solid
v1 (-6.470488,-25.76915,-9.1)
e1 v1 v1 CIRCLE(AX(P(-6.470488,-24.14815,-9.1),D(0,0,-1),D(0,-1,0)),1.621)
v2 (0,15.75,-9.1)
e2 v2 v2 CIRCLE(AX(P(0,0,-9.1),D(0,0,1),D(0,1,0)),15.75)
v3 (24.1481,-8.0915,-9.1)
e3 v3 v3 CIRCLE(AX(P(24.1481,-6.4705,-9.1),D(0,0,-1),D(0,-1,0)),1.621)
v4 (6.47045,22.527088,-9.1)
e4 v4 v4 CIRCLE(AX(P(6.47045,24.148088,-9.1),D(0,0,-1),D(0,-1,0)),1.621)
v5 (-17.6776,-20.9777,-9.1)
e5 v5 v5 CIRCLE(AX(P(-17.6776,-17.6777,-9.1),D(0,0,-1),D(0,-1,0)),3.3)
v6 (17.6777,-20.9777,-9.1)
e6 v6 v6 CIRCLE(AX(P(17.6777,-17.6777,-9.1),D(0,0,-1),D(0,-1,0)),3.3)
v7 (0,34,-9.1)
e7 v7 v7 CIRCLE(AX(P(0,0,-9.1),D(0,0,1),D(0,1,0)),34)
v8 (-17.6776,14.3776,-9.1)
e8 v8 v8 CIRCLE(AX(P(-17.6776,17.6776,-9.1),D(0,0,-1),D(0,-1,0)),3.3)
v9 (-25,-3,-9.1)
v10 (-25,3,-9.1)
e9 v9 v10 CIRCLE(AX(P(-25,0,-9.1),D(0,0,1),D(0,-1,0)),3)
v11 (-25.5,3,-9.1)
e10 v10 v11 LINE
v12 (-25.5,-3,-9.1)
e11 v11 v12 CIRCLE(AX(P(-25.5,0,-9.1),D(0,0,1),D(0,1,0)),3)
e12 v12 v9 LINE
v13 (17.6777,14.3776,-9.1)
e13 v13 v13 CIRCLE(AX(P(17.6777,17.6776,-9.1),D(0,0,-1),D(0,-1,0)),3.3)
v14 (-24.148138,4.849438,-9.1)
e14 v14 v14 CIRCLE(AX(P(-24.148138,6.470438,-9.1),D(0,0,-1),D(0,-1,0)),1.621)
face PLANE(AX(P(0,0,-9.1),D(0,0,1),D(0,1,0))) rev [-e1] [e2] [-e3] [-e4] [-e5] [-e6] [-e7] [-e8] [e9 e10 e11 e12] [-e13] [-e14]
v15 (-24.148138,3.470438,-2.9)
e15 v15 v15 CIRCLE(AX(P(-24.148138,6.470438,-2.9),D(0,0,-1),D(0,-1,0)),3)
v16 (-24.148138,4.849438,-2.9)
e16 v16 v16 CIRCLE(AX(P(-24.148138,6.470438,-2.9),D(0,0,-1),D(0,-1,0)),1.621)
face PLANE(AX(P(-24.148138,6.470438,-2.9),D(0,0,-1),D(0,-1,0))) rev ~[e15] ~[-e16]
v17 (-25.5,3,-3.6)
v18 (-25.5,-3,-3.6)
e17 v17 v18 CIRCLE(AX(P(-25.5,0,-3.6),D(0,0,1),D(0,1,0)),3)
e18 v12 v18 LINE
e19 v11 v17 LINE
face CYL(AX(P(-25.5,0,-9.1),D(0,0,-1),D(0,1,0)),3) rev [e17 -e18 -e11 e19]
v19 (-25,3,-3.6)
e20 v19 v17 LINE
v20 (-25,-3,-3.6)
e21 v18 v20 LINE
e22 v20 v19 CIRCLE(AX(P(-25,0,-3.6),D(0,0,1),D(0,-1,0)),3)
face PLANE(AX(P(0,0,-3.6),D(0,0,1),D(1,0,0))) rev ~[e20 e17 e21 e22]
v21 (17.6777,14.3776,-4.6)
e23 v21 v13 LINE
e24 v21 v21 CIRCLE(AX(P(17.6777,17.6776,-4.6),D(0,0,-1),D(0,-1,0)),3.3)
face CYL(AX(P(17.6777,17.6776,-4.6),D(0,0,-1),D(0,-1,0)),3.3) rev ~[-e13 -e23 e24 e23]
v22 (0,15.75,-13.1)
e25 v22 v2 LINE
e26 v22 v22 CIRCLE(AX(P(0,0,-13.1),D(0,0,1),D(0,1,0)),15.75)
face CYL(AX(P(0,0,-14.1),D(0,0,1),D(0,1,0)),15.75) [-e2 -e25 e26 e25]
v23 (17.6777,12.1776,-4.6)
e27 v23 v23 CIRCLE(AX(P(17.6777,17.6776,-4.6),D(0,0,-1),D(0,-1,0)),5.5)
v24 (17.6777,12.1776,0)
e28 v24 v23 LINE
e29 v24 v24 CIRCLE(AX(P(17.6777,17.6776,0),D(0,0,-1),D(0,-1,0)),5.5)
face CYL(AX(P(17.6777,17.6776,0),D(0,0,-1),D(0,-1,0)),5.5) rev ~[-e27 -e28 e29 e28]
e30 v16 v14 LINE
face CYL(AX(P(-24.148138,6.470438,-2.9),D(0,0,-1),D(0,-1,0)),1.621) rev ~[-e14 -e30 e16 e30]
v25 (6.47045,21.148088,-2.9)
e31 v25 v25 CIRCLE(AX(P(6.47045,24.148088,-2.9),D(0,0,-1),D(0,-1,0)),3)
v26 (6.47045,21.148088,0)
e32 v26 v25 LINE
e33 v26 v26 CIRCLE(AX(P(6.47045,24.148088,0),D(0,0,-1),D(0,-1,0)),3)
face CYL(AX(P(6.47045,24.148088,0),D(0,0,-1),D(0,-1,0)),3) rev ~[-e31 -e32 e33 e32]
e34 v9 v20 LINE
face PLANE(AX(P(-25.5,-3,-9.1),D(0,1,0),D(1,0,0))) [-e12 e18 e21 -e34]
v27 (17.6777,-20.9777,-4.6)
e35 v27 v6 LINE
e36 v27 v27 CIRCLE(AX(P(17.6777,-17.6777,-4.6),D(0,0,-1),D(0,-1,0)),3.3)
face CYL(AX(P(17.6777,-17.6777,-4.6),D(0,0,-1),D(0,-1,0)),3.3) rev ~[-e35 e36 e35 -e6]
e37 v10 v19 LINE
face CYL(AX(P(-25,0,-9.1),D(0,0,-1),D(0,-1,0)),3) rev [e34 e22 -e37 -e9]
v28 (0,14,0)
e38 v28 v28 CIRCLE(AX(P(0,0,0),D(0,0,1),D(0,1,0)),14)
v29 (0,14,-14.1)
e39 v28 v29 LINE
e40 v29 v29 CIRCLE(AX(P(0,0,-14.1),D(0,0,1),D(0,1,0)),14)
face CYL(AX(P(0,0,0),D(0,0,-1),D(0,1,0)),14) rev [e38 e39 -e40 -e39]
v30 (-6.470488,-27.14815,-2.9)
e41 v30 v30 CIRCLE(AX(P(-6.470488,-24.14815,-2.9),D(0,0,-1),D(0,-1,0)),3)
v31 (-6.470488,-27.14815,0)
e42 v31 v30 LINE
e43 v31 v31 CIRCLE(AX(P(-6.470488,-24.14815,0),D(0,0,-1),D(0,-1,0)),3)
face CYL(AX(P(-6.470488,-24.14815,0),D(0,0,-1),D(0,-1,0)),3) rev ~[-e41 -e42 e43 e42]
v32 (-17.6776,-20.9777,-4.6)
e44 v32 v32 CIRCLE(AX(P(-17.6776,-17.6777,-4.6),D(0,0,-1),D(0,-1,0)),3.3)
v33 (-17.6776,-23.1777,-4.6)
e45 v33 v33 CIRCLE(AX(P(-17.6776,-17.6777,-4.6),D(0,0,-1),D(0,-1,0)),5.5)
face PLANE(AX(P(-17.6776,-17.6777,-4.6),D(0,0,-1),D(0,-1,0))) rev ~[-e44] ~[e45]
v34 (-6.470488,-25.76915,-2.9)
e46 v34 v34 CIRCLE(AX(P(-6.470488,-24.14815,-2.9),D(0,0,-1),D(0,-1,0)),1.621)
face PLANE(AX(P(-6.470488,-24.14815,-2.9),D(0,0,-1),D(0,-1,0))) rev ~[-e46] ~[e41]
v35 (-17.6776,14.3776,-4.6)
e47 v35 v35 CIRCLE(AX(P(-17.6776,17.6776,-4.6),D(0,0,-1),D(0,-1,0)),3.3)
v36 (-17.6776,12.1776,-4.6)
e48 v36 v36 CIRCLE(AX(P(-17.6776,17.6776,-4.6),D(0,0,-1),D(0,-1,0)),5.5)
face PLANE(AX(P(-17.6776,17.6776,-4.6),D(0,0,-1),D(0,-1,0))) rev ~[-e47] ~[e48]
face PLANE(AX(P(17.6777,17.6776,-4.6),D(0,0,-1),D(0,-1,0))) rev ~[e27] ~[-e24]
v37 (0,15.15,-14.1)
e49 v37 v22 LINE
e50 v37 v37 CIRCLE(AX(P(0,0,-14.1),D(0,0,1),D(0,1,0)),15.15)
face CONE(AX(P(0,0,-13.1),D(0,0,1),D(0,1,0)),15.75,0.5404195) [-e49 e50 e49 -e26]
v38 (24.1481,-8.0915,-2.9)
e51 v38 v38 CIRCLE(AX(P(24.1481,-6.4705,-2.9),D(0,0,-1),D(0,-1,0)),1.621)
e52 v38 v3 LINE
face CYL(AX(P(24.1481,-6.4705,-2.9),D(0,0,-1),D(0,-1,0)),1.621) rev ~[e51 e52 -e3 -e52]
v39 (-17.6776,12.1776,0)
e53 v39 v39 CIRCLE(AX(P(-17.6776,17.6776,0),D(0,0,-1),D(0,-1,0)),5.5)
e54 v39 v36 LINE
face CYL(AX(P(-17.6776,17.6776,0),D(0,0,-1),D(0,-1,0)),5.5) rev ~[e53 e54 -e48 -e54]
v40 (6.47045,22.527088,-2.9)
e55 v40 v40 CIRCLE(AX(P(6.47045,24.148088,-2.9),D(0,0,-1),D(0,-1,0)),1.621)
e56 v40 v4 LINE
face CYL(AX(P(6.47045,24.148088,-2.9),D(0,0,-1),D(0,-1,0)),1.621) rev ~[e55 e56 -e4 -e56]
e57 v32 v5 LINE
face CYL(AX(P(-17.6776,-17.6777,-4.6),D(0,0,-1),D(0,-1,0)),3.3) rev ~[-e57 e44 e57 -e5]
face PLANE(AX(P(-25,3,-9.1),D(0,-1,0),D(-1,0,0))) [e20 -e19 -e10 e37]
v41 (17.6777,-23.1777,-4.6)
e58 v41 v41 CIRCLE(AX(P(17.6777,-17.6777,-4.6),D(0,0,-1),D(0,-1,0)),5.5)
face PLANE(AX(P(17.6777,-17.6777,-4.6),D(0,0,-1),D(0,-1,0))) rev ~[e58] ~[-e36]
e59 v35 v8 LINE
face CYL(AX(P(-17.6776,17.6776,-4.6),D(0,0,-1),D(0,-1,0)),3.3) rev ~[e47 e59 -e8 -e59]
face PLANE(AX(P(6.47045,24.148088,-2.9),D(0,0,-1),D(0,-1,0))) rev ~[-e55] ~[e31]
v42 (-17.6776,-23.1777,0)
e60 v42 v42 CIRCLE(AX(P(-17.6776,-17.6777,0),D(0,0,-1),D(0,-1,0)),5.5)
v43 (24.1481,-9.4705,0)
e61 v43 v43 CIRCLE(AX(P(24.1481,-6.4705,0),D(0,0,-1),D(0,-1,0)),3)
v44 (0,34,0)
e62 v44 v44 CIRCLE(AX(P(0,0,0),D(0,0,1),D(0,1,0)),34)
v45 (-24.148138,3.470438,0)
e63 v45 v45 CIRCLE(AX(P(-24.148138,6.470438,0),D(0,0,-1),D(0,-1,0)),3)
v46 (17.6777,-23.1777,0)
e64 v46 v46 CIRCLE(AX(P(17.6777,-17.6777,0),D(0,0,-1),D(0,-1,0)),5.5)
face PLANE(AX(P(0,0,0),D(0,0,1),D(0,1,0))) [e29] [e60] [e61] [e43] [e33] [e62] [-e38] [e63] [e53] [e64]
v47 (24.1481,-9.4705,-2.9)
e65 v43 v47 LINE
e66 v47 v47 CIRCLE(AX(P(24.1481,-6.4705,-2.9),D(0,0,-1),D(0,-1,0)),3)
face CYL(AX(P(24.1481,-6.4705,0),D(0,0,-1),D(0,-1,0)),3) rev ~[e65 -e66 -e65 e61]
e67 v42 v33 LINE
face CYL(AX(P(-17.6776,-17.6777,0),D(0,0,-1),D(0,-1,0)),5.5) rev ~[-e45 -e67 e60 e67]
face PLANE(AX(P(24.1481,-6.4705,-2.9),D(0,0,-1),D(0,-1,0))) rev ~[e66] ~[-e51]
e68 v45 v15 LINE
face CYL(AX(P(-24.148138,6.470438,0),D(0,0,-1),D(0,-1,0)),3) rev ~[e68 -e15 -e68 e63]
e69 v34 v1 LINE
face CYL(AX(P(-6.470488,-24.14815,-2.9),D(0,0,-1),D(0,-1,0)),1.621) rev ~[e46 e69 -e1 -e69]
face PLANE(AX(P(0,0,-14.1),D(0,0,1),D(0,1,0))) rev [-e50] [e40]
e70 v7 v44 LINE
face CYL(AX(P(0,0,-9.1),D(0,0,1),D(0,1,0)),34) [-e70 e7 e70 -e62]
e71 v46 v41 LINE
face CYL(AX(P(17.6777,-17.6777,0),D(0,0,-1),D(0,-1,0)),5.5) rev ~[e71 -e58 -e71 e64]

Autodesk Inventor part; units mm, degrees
sketch "Sketch_1" plane through (0, 0, 0) normal (1, 0, 0) x (0, 1, 0)
  line L0 (0, -14.1) -> (0, 0)
  line L1 (34, 0) -> (14, 0)
  line L2 (14, 0) -> (14, -14.1)
  line L3 (14, -14.1) -> (15.75, -14.1)
  line L4 (15.75, -14.1) -> (15.75, -9.1)
  line L5 (15.75, -9.1) -> (34, -9.1)
  line L6 (34, -9.1) -> (34, 0)
revolve "Revolution1" add sketch "Sketch_1" angle 360 about axis through (0, 0, -14.1) along (0, 0, 1)
chamfer "Chamfer1" distance 0.6 distance2 1 1 edges at (0, -15.75, -14.1) measured on face at (1.2564, 15.0141, -14.1)
sketch "Sketch2" plane through (0, 0, 0) normal (0, 0, 1) x (1, 0, 0)
  point P0 (24.1481, -6.4705)
hole "Hole1" at (24.1481, -6.4705, 0) direction (0, 0, -1) diameter 3.242 depth 9.1 counterbore diameter 6 counterbore depth 2.9 thread size "M4x0.7" class "6H" standard "ISO Metric profile"
pattern_linear "Rectangular Pattern1" count 2 spacing 35.3553 along (-0.5, 0.866, 0) count 2 spacing 35.3553 along (-0.866, -0.5, 0) of "Hole1"
sketch "Sketch3" plane through (0, 0, 0) normal (0, 0, 1) x (1, 0, 0)
  point P0 (17.6777, -17.6777)
hole "Hole2" at (17.6777, -17.6777, 0) direction (0, 0, -1) diameter 6.6 depth 14.1 counterbore diameter 11 counterbore depth 4.6
pattern_linear "Rectangular Pattern2" count 2 spacing 35.3553 along (0, 1, 0) count 2 spacing 35.3553 along (-1, 0, 0) of "Hole2"
sketch "Sketch_6" plane through (0, 0, -9.1) normal (0, 0, 1) x (1, 0, 0)
  arc A0 (-25.5, 3) -> (-25.5, -3) centre (-25.5, 0) ccw
  line L0 (-25.5, -3) -> (-25, -3)
  arc A1 (-25, -3) -> (-25, 3) centre (-25, 0) ccw
  line L1 (-25, 3) -> (-25.5, 3)
extrude "Extrusion1" cut sketch "Sketch_6" along normal blind 5.5
ref_plane "fla_XY" through (0, 0, 0) normal (0, 0, 1) x (1, 0, 0)
ref_plane "fla_YZ" through (0, 0, 0) normal (1, 0, 0) x (0, 1, 0)
ref_plane "fla_ZX" through (0, 0, 0) normal (0, 1, 0) x (0, 0, 1)
properties part number "SCHUNK-1013180-ISO-1-50-M6 Universalflansch Co-act-EGP-C"
